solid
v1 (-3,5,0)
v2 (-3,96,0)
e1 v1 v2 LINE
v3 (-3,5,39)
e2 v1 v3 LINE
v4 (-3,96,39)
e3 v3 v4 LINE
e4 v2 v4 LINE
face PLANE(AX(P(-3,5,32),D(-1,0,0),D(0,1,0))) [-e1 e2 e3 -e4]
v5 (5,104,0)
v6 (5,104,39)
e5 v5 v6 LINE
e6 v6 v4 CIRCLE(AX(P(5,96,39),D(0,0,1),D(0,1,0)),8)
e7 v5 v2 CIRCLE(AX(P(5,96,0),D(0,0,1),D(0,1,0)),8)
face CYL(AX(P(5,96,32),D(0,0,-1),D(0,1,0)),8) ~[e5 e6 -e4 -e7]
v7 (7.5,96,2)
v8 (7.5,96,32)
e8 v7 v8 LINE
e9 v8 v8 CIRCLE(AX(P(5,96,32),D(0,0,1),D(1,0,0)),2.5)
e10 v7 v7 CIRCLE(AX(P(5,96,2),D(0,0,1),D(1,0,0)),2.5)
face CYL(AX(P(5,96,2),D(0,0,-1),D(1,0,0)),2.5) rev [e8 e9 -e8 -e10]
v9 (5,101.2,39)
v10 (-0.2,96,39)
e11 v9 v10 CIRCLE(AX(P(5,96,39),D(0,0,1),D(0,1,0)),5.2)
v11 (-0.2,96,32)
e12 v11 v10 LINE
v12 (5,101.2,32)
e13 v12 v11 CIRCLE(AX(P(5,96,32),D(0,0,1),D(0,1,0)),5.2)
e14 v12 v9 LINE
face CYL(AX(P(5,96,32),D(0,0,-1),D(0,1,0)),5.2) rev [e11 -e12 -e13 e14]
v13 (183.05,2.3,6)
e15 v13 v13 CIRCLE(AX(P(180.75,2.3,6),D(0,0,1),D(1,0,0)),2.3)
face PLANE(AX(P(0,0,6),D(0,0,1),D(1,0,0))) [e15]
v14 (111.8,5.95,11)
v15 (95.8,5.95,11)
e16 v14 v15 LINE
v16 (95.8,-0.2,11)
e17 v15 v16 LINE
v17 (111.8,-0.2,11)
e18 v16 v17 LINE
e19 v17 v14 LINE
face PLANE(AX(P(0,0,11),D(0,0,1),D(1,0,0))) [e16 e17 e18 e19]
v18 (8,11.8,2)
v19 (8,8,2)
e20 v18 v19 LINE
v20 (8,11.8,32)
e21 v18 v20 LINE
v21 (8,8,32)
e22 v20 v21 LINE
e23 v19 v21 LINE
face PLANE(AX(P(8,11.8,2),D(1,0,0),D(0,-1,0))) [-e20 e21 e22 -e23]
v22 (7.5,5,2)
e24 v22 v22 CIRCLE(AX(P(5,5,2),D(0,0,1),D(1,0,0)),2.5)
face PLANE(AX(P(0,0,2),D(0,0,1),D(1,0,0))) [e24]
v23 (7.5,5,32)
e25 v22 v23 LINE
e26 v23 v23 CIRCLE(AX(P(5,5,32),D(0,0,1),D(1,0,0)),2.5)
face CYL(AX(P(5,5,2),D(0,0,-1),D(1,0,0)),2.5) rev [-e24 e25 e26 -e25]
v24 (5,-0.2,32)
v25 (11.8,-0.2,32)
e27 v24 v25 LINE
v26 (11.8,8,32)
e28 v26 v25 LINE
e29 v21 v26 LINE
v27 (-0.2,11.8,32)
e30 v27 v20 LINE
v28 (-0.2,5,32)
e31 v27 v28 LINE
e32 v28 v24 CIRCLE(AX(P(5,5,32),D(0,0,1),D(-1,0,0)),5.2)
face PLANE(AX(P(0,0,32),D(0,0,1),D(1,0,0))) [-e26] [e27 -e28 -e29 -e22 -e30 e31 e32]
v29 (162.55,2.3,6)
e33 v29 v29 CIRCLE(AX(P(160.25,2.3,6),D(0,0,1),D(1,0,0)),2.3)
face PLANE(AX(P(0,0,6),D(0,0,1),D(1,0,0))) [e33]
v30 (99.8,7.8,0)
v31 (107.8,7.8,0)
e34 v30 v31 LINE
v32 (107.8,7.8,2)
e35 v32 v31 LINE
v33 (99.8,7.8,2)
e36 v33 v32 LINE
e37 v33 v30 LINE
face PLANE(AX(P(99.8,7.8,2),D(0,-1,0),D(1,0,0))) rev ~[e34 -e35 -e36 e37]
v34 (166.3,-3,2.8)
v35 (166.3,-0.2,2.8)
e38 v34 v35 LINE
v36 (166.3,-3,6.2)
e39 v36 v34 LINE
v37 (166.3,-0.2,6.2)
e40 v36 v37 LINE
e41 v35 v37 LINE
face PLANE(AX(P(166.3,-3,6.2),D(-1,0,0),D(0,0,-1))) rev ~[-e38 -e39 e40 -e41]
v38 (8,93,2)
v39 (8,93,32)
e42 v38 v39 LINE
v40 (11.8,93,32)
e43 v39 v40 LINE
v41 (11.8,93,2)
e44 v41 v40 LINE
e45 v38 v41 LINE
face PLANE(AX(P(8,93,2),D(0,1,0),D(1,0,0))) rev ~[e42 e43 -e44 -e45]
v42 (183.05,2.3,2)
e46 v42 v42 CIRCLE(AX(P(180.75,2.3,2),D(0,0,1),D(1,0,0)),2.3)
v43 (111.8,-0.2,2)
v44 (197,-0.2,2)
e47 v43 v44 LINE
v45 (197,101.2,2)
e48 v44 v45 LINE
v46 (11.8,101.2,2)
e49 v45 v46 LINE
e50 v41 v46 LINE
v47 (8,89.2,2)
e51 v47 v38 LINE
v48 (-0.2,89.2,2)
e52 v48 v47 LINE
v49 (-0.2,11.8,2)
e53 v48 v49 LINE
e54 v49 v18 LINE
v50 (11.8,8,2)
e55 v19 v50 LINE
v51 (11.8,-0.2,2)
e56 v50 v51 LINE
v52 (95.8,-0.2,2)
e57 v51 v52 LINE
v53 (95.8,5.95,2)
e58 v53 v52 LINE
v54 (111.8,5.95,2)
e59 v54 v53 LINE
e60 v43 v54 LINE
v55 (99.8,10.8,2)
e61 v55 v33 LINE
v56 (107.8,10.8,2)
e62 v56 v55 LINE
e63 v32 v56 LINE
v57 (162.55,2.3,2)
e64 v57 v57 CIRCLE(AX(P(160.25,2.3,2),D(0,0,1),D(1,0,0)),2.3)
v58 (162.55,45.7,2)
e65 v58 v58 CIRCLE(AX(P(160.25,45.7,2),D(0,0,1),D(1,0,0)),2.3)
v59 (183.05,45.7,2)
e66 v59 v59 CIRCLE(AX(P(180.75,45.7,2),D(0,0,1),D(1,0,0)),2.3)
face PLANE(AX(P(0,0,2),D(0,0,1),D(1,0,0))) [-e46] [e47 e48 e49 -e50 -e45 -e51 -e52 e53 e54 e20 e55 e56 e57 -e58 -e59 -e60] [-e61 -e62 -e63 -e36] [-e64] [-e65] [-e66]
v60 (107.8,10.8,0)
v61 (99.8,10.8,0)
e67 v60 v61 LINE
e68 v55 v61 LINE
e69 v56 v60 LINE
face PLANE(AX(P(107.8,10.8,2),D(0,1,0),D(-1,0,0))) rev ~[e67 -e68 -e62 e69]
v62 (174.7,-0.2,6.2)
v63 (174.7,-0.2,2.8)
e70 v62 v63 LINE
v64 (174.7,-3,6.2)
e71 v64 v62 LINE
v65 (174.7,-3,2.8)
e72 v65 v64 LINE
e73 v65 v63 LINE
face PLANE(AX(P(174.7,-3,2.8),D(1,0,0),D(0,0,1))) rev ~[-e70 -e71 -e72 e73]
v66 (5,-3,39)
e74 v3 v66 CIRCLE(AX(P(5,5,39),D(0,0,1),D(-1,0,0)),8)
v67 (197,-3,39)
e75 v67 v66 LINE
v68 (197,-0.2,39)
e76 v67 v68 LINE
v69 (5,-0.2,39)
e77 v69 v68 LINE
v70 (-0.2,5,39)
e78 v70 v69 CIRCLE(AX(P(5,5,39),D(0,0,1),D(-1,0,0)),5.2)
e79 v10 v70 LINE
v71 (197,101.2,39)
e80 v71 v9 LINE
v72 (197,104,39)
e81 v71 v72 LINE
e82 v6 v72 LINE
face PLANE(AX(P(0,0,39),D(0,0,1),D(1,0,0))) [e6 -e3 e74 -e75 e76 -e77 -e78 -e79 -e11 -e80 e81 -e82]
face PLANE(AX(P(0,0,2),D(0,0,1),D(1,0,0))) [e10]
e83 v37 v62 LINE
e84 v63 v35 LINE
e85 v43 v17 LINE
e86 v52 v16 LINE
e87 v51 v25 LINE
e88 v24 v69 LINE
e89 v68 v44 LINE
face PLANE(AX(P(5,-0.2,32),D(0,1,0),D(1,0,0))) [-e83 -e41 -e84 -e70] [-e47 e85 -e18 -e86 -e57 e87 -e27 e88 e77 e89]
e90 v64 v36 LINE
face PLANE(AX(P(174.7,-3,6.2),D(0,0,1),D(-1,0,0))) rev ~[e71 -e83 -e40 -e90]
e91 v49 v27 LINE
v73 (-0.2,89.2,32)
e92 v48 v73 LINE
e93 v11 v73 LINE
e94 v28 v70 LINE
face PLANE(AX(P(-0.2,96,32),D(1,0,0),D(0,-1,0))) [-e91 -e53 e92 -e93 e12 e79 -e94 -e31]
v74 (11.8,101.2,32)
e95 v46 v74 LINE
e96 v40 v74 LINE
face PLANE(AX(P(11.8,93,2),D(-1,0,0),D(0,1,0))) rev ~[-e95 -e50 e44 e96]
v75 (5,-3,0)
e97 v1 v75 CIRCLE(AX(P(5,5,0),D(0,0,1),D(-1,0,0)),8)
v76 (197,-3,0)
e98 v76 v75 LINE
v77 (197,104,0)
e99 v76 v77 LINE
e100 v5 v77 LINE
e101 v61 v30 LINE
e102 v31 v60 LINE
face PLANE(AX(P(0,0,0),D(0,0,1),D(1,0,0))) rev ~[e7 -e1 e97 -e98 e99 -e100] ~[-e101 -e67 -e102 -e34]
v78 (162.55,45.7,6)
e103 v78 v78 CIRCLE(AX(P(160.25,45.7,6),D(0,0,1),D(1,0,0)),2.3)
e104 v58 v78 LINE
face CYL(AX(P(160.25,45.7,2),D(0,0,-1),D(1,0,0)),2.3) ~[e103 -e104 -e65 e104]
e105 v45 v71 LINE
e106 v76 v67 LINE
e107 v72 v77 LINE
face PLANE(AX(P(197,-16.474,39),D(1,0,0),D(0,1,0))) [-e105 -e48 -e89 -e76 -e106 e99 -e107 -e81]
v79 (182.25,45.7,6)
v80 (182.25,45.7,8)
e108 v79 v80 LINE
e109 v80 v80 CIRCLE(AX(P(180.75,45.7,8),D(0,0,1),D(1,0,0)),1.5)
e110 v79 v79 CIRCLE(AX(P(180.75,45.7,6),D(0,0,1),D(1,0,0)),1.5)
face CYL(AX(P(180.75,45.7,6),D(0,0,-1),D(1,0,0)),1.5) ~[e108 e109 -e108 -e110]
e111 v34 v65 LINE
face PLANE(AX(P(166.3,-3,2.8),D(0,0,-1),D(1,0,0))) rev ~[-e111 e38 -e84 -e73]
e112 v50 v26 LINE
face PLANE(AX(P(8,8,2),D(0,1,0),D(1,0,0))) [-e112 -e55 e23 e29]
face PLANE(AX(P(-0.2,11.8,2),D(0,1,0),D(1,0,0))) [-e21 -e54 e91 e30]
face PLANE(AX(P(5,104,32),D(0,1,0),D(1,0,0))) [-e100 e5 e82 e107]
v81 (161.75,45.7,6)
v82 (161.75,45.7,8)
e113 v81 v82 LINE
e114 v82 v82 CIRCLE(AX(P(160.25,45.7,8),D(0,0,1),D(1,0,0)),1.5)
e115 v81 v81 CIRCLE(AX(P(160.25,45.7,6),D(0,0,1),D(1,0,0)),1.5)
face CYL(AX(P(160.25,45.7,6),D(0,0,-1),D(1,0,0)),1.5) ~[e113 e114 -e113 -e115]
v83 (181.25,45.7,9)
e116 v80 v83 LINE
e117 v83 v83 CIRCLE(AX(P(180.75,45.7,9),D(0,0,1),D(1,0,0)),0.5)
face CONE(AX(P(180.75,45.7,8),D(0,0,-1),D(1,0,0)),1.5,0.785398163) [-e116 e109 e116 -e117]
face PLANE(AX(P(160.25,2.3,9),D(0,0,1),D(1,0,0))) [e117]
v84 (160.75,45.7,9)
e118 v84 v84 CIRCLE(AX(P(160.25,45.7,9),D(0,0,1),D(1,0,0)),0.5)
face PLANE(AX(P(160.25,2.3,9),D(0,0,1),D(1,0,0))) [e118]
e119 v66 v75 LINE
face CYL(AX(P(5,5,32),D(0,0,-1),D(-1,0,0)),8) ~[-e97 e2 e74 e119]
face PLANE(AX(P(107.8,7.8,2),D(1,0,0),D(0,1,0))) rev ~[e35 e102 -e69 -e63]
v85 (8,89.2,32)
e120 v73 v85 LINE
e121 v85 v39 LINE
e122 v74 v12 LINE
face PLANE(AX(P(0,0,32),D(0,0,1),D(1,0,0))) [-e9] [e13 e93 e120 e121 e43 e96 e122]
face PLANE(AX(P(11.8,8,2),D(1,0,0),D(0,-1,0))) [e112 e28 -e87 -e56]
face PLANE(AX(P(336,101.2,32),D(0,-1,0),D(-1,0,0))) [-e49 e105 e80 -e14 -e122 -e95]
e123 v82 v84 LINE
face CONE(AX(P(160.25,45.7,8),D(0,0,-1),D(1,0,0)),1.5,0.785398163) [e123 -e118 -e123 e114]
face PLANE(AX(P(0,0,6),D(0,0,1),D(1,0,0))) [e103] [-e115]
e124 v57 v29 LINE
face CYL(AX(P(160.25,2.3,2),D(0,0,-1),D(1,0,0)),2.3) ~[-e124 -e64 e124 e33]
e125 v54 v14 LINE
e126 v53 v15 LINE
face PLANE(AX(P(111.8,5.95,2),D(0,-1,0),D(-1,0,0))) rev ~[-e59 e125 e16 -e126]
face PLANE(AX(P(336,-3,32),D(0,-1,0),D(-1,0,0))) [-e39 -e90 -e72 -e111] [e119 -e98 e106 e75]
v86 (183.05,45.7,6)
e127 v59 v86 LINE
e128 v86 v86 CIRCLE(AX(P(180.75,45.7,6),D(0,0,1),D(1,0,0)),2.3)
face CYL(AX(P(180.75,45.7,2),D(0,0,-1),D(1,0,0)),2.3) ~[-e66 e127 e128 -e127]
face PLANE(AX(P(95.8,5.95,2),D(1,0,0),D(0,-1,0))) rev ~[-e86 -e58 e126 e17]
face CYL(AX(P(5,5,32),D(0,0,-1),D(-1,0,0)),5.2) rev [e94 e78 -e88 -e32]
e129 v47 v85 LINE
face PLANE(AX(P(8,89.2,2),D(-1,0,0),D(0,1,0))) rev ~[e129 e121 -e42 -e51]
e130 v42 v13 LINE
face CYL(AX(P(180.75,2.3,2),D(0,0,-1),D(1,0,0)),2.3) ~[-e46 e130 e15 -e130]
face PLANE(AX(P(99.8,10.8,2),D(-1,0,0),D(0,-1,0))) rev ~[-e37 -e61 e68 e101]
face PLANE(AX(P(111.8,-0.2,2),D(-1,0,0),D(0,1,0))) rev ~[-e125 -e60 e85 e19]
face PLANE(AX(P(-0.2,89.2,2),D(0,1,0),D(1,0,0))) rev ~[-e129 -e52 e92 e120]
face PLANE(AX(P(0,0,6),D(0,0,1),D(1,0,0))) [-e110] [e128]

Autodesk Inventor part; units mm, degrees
ref_plane "YZ Plane" through (0, 0, 0) normal (1, 0, 0) x (0, 1, 0)
ref_plane "XZ Plane" through (0, 0, 0) normal (0, 1, 0) x (-1, 0, 0)
ref_plane "XY Plane" through (0, 0, 0) normal (0, 0, 1) x (1, 0, 0)
sketch "Sketch1" plane through (0, 0, 0) normal (0, 0, 1) x (1, 0, 0)
  line L0 (5, 0) -> (336, 0)
  line L1 (341, 5) -> (341, 96)
  line L2 (336, 101) -> (5, 101)
  line L3 (0, 96) -> (0, 5)
  arc A0 (5, 101) -> (0, 96) centre (5, 96) ccw
  arc A1 (0, 5) -> (5, 0) centre (5, 5) ccw
  arc A2 (341, 96) -> (336, 101) centre (336, 96) ccw
  arc A3 (336, 0) -> (341, 5) centre (336, 5) ccw
  line L4 (5, 101.2) -> (336, 101.2)
  arc A4 (341.2, 96) -> (336, 101.2) centre (336, 96) ccw
  line L5 (341.2, 96) -> (341.2, 5)
  arc A5 (336, -0.2) -> (341.2, 5) centre (336, 5) ccw
  line L6 (336, -0.2) -> (5, -0.2)
  arc A6 (-0.2, 5) -> (5, -0.2) centre (5, 5) ccw
  line L7 (-0.2, 5) -> (-0.2, 96)
  arc A7 (5, 101.2) -> (-0.2, 96) centre (5, 96) ccw
  line L8 (5, 104) -> (336, 104)
  arc A8 (344, 96) -> (336, 104) centre (336, 96) ccw
  line L9 (344, 96) -> (344, 5)
  arc A9 (336, -3) -> (344, 5) centre (336, 5) ccw
  line L10 (336, -3) -> (5, -3)
  arc A10 (-3, 5) -> (5, -3) centre (5, 5) ccw
  line L11 (-3, 5) -> (-3, 96)
  arc A11 (5, 104) -> (-3, 96) centre (5, 96) ccw
  point P0 (0, 0)
  point P1 (341, 101)
  point P2 (0, 101)
  dimension "d0" = 341
  dimension "d1" = 101
  dimension "d2" = 5
  dimension "d3" = 0.2
  dimension "d4" = 3
extrude "Extrusion1" add sketch "Sketch1" along normal blind 2 contours A1 L3 A0 L2 A2 L1 A3 L0 | L4 A4 L5 A5 L6 A6 L7 A7 | L8 A8 L9 A9 L10 A10 L11 A11
sketch "Sketch2" plane through (0, 0, 2) normal (0, 0, 1) x (1, 0, 0)
  line L0 (5, 104) -> (336, 104)
  line L1 (344, 96) -> (344, 5)
  line L2 (336, -3) -> (5, -3)
  line L3 (-3, 5) -> (-3, 96)
  line L4 (344, 5) -> (344, 96) projected
  line L5 (5, -3) -> (336, -3) projected
  arc A0 (5, 104) -> (-3, 96) centre (5, 96) ccw
  arc A1 (-3, 5) -> (5, -3) centre (5, 5) ccw
  arc A2 (336, -3) -> (344, 5) centre (336, 5) ccw
  arc A3 (344, 96) -> (336, 104) centre (336, 96) ccw
  line L6 (336, 101.2) -> (5, 101.2)
  arc A4 (5, 101.2) -> (-0.2, 96) centre (5, 96) ccw
  line L7 (-0.2, 96) -> (-0.2, 5)
  arc A5 (-0.2, 5) -> (5, -0.2) centre (5, 5) ccw
  line L8 (5, -0.2) -> (336, -0.2)
  arc A6 (336, -0.2) -> (341.2, 5) centre (336, 5) ccw
  line L9 (341.2, 5) -> (341.2, 96)
  arc A7 (341.2, 96) -> (336, 101.2) centre (336, 96) ccw
  circle A8 centre (5, 96) radius 2.5
  line L10 (9, 92) -> (332, 92)
  line L11 (332, 92) -> (332, 9)
  line L12 (332, 9) -> (9, 9)
  line L13 (9, 9) -> (9, 92)
  line L14 (-0.2, 89.2) -> (8, 89.2)
  line L15 (8, 89.2) -> (8, 93)
  line L16 (8, 93) -> (11.8, 93)
  line L17 (11.8, 93) -> (11.8, 101.2)
  line L18 (9, 9) -> (332, 92)
  line L19 (170.5, 64.427) -> (170.5, 38.8649)
  line L20 (118.7328, 50.5) -> (212.1169, 50.5)
  circle A9 centre (336, 96) radius 2.5
  line L21 (341.2, 89.2) -> (333, 89.2)
  line L22 (333, 89.2) -> (333, 93)
  line L23 (333, 93) -> (329.2, 93)
  line L24 (329.2, 93) -> (329.2, 101.2)
  circle A10 centre (5, 5) radius 2.5
  line L25 (-0.2, 11.8) -> (8, 11.8)
  line L26 (8, 11.8) -> (8, 8)
  line L27 (8, 8) -> (11.8, 8)
  line L28 (11.8, 8) -> (11.8, -0.2)
  line L29 (329.2, 8) -> (329.2, -0.2)
  line L30 (333, 8) -> (329.2, 8)
  line L31 (333, 11.8) -> (333, 8)
  line L32 (341.2, 11.8) -> (333, 11.8)
  circle A11 centre (336, 5) radius 2.5
  point P0 (0, 0)
  dimension "d7" = 0
  dimension "d8" = 0
  dimension "d9" = 8
  dimension "d10" = 2.8
  dimension "d11" = 5
  dimension "d12" = 5.2
  dimension "d13" = 5.2
  dimension "d19" = 9.2
  dimension "d20" = 9.2
  dimension "d21" = 9.2
  dimension "d22" = 9.2
  dimension "d23" = 1
  dimension "d24" = 1
  dimension "d25" = 12
  dimension "d26" = 12
extrude "Extrusion2" add sketch "Sketch2" along normal blind 30 contours L0 A3 L1 A2 L2 A1 L3 A0 | A7 L9 L21 L22 L23 L24 L6 | L17 L16 L15 L14 L7 A4 L6 | L9 A6 L8 L29 L30 L31 L32 | L25 L26 L27 L28 L8 A5 L7
sketch "Sketch3" plane through (0, 0, 32) normal (0, 0, 1) x (1, 0, 0)
  line L0 (5, 104) -> (336, 104)
  line L1 (344, 96) -> (344, 5)
  line L2 (336, -3) -> (5, -3)
  line L3 (-3, 5) -> (-3, 96)
  arc A0 (5, 104) -> (-3, 96) centre (5, 96) ccw
  arc A1 (-3, 5) -> (5, -3) centre (5, 5) ccw
  arc A2 (336, -3) -> (344, 5) centre (336, 5) ccw
  arc A3 (344, 96) -> (336, 104) centre (336, 96) ccw
  line L4 (336, 101.2) -> (5, 101.2)
  arc A4 (5, 101.2) -> (-0.2, 96) centre (5, 96) ccw
  line L5 (-0.2, 96) -> (-0.2, 5)
  arc A5 (-0.2, 5) -> (5, -0.2) centre (5, 5) ccw
  line L6 (5, -0.2) -> (336, -0.2)
  arc A6 (336, -0.2) -> (341.2, 5) centre (336, 5) ccw
  line L7 (341.2, 5) -> (341.2, 96)
  arc A7 (341.2, 96) -> (336, 101.2) centre (336, 96) ccw
  point P0 (0, 0)
  dimension "d29" = 8
  dimension "d30" = 2.8
extrude "Extrusion3" add sketch "Sketch3" along normal blind 7
sketch "Sketch4" plane through (0, 0, 2) normal (0, 0, 1) x (1, 0, 0)
  line L0 (336, -0.2) -> (5, -0.2) projected
  line L1 (157.75, -0.2) -> (183.25, -0.2)
  line L2 (183.25, -0.2) -> (183.25, 48.2)
  line L3 (183.25, 48.2) -> (157.75, 48.2)
  line L4 (157.75, 48.2) -> (157.75, -0.2)
  line L5 (-0.2, 5) -> (-0.2, 96) projected
  circle A0 centre (160.25, 45.7) radius 2.3
  circle A1 centre (180.75, 45.7) radius 2.3
  circle A2 centre (160.25, 2.3) radius 2.3
  circle A3 centre (180.75, 2.3) radius 2.3
  point P0 (0, 0)
  dimension "d33" = 25.5
  dimension "d34" = 48.4
  dimension "d35" = 157.95
  dimension "d36" = 4.6
  dimension "d37" = 4.6
  dimension "d38" = 4.6
  dimension "d39" = 4.6
  dimension "d40" = 2.5
  dimension "d41" = 2.5
  dimension "d42" = 2.5
  dimension "d43" = 2.5
  dimension "d44" = 2.5
  dimension "d45" = 2.5
  dimension "d46" = 2.5
  dimension "d47" = 2.5
extrude "Extrusion4" add sketch "Sketch4" along normal blind 4 contours A0 | A1 | A2 | A3
sketch "Sketch5" plane through (160.25, 2.3, 6) normal (0, 0, 1) x (1, 0, 0)
  circle A0 centre (0, 43.4) radius 2.3 projected
  circle A1 centre (0, 43.4) radius 1.5
  circle A2 centre (20.5, 43.4) radius 2.3 projected
  circle A3 centre (20.5, 43.4) radius 1.5
  circle A4 centre (0, 0) radius 2.3 projected
  circle A5 centre (0, 0) radius 1.5
  circle A6 centre (20.5, 0) radius 2.3 projected
  circle A7 centre (20.5, 0) radius 1.5
  point P0 (-160.25, -2.3)
  dimension "d50" = 3
  dimension "d51" = 3
  dimension "d52" = 3
  dimension "d53" = 3
extrude "Extrusion5" add sketch "Sketch5" along normal blind 3 contours A1 | A3
chamfer "Chamfer1" distance 1 angle 45 2 edges at (158.75, 45.7, 9) (179.25, 45.7, 9)
sketch "Sketch6" plane through (5, -3, 0) normal (0, -1, 0) x (1, 0, 0)
  line L0 (161.3, 2.8) -> (169.7, 2.8)
  line L1 (169.7, 2.8) -> (169.7, 6.2)
  line L2 (169.7, 6.2) -> (161.3, 6.2)
  line L3 (161.3, 6.2) -> (161.3, 2.8)
  line L4 (6.8, 2) -> (324.2, 2) projected
  line L5 (0, 0) -> (0, 39) projected
  point P0 (-5, 0)
  dimension "d59" = 8.4
  dimension "d60" = 3.4
  dimension "d61" = 4.2
  dimension "d62" = 161.3
extrude "Extrusion6" cut sketch "Sketch6" against normal blind 3
sketch "Sketch7" plane through (0, 0, 2) normal (0, 0, 1) x (1, 0, 0)
  line L0 (99.8, 7.8) -> (107.8, 7.8)
  line L1 (107.8, 7.8) -> (107.8, 10.8)
  line L2 (107.8, 10.8) -> (99.8, 10.8)
  line L3 (99.8, 10.8) -> (99.8, 7.8)
  line L4 (336, -0.2) -> (5, -0.2) projected
  line L5 (-0.2, 5) -> (-0.2, 96) projected
  point P0 (0, 0)
  dimension "d65" = 8
  dimension "d66" = 3
  dimension "d67" = 8
  dimension "d68" = 100
extrude "Extrusion7" cut sketch "Sketch7" against normal blind 3
sketch "Sketch8" plane through (0, 0, 2) normal (0, 0, 1) x (1, 0, 0)
  line L0 (11.8, -0.2) -> (329.2, -0.2) projected
  line L1 (95.8, -0.2) -> (111.8, -0.2)
  line L2 (111.8, -0.2) -> (111.8, 5.95)
  line L3 (111.8, 5.95) -> (95.8, 5.95)
  line L4 (95.8, 5.95) -> (95.8, -0.2)
  line L5 (107.8, 7.8) -> (99.8, 7.8) projected
  line L6 (99.8, 7.8) -> (99.8, 10.8) projected
  point P0 (0, 0)
  dimension "d71" = 16
  dimension "d72" = 1.85
  dimension "d73" = 4
extrude "Extrusion8" add sketch "Sketch8" along normal blind 9
sketch "Sketch9" plane through (0, 0, 39) normal (0, 0, 1) x (1, 0, 0)
  line L0 (-3, -16.474) -> (197, -16.474)
  line L1 (197, -16.474) -> (197, 116.8419)
  line L2 (197, 116.8419) -> (-3, 116.8419)
  line L3 (-3, 116.8419) -> (-3, -16.474)
  line L4 (-3, 96) -> (-3, 5) projected
  line L5 (197, 116.8419) -> (375.2281, 116.8419)
  line L6 (375.2281, 116.8419) -> (375.2281, -16.474)
  line L7 (375.2281, -16.474) -> (197, -16.474)
  line L8 (197, -16.474) -> (197, 116.8419)
  point P0 (0, 0)
  dimension "d76" = 200
  dimension "d77" = 0
extrude "Extrusion9" cut sketch "Sketch9" against normal blind 50 contours L1 L5 L6 L7
properties part number "Case Left Half"
